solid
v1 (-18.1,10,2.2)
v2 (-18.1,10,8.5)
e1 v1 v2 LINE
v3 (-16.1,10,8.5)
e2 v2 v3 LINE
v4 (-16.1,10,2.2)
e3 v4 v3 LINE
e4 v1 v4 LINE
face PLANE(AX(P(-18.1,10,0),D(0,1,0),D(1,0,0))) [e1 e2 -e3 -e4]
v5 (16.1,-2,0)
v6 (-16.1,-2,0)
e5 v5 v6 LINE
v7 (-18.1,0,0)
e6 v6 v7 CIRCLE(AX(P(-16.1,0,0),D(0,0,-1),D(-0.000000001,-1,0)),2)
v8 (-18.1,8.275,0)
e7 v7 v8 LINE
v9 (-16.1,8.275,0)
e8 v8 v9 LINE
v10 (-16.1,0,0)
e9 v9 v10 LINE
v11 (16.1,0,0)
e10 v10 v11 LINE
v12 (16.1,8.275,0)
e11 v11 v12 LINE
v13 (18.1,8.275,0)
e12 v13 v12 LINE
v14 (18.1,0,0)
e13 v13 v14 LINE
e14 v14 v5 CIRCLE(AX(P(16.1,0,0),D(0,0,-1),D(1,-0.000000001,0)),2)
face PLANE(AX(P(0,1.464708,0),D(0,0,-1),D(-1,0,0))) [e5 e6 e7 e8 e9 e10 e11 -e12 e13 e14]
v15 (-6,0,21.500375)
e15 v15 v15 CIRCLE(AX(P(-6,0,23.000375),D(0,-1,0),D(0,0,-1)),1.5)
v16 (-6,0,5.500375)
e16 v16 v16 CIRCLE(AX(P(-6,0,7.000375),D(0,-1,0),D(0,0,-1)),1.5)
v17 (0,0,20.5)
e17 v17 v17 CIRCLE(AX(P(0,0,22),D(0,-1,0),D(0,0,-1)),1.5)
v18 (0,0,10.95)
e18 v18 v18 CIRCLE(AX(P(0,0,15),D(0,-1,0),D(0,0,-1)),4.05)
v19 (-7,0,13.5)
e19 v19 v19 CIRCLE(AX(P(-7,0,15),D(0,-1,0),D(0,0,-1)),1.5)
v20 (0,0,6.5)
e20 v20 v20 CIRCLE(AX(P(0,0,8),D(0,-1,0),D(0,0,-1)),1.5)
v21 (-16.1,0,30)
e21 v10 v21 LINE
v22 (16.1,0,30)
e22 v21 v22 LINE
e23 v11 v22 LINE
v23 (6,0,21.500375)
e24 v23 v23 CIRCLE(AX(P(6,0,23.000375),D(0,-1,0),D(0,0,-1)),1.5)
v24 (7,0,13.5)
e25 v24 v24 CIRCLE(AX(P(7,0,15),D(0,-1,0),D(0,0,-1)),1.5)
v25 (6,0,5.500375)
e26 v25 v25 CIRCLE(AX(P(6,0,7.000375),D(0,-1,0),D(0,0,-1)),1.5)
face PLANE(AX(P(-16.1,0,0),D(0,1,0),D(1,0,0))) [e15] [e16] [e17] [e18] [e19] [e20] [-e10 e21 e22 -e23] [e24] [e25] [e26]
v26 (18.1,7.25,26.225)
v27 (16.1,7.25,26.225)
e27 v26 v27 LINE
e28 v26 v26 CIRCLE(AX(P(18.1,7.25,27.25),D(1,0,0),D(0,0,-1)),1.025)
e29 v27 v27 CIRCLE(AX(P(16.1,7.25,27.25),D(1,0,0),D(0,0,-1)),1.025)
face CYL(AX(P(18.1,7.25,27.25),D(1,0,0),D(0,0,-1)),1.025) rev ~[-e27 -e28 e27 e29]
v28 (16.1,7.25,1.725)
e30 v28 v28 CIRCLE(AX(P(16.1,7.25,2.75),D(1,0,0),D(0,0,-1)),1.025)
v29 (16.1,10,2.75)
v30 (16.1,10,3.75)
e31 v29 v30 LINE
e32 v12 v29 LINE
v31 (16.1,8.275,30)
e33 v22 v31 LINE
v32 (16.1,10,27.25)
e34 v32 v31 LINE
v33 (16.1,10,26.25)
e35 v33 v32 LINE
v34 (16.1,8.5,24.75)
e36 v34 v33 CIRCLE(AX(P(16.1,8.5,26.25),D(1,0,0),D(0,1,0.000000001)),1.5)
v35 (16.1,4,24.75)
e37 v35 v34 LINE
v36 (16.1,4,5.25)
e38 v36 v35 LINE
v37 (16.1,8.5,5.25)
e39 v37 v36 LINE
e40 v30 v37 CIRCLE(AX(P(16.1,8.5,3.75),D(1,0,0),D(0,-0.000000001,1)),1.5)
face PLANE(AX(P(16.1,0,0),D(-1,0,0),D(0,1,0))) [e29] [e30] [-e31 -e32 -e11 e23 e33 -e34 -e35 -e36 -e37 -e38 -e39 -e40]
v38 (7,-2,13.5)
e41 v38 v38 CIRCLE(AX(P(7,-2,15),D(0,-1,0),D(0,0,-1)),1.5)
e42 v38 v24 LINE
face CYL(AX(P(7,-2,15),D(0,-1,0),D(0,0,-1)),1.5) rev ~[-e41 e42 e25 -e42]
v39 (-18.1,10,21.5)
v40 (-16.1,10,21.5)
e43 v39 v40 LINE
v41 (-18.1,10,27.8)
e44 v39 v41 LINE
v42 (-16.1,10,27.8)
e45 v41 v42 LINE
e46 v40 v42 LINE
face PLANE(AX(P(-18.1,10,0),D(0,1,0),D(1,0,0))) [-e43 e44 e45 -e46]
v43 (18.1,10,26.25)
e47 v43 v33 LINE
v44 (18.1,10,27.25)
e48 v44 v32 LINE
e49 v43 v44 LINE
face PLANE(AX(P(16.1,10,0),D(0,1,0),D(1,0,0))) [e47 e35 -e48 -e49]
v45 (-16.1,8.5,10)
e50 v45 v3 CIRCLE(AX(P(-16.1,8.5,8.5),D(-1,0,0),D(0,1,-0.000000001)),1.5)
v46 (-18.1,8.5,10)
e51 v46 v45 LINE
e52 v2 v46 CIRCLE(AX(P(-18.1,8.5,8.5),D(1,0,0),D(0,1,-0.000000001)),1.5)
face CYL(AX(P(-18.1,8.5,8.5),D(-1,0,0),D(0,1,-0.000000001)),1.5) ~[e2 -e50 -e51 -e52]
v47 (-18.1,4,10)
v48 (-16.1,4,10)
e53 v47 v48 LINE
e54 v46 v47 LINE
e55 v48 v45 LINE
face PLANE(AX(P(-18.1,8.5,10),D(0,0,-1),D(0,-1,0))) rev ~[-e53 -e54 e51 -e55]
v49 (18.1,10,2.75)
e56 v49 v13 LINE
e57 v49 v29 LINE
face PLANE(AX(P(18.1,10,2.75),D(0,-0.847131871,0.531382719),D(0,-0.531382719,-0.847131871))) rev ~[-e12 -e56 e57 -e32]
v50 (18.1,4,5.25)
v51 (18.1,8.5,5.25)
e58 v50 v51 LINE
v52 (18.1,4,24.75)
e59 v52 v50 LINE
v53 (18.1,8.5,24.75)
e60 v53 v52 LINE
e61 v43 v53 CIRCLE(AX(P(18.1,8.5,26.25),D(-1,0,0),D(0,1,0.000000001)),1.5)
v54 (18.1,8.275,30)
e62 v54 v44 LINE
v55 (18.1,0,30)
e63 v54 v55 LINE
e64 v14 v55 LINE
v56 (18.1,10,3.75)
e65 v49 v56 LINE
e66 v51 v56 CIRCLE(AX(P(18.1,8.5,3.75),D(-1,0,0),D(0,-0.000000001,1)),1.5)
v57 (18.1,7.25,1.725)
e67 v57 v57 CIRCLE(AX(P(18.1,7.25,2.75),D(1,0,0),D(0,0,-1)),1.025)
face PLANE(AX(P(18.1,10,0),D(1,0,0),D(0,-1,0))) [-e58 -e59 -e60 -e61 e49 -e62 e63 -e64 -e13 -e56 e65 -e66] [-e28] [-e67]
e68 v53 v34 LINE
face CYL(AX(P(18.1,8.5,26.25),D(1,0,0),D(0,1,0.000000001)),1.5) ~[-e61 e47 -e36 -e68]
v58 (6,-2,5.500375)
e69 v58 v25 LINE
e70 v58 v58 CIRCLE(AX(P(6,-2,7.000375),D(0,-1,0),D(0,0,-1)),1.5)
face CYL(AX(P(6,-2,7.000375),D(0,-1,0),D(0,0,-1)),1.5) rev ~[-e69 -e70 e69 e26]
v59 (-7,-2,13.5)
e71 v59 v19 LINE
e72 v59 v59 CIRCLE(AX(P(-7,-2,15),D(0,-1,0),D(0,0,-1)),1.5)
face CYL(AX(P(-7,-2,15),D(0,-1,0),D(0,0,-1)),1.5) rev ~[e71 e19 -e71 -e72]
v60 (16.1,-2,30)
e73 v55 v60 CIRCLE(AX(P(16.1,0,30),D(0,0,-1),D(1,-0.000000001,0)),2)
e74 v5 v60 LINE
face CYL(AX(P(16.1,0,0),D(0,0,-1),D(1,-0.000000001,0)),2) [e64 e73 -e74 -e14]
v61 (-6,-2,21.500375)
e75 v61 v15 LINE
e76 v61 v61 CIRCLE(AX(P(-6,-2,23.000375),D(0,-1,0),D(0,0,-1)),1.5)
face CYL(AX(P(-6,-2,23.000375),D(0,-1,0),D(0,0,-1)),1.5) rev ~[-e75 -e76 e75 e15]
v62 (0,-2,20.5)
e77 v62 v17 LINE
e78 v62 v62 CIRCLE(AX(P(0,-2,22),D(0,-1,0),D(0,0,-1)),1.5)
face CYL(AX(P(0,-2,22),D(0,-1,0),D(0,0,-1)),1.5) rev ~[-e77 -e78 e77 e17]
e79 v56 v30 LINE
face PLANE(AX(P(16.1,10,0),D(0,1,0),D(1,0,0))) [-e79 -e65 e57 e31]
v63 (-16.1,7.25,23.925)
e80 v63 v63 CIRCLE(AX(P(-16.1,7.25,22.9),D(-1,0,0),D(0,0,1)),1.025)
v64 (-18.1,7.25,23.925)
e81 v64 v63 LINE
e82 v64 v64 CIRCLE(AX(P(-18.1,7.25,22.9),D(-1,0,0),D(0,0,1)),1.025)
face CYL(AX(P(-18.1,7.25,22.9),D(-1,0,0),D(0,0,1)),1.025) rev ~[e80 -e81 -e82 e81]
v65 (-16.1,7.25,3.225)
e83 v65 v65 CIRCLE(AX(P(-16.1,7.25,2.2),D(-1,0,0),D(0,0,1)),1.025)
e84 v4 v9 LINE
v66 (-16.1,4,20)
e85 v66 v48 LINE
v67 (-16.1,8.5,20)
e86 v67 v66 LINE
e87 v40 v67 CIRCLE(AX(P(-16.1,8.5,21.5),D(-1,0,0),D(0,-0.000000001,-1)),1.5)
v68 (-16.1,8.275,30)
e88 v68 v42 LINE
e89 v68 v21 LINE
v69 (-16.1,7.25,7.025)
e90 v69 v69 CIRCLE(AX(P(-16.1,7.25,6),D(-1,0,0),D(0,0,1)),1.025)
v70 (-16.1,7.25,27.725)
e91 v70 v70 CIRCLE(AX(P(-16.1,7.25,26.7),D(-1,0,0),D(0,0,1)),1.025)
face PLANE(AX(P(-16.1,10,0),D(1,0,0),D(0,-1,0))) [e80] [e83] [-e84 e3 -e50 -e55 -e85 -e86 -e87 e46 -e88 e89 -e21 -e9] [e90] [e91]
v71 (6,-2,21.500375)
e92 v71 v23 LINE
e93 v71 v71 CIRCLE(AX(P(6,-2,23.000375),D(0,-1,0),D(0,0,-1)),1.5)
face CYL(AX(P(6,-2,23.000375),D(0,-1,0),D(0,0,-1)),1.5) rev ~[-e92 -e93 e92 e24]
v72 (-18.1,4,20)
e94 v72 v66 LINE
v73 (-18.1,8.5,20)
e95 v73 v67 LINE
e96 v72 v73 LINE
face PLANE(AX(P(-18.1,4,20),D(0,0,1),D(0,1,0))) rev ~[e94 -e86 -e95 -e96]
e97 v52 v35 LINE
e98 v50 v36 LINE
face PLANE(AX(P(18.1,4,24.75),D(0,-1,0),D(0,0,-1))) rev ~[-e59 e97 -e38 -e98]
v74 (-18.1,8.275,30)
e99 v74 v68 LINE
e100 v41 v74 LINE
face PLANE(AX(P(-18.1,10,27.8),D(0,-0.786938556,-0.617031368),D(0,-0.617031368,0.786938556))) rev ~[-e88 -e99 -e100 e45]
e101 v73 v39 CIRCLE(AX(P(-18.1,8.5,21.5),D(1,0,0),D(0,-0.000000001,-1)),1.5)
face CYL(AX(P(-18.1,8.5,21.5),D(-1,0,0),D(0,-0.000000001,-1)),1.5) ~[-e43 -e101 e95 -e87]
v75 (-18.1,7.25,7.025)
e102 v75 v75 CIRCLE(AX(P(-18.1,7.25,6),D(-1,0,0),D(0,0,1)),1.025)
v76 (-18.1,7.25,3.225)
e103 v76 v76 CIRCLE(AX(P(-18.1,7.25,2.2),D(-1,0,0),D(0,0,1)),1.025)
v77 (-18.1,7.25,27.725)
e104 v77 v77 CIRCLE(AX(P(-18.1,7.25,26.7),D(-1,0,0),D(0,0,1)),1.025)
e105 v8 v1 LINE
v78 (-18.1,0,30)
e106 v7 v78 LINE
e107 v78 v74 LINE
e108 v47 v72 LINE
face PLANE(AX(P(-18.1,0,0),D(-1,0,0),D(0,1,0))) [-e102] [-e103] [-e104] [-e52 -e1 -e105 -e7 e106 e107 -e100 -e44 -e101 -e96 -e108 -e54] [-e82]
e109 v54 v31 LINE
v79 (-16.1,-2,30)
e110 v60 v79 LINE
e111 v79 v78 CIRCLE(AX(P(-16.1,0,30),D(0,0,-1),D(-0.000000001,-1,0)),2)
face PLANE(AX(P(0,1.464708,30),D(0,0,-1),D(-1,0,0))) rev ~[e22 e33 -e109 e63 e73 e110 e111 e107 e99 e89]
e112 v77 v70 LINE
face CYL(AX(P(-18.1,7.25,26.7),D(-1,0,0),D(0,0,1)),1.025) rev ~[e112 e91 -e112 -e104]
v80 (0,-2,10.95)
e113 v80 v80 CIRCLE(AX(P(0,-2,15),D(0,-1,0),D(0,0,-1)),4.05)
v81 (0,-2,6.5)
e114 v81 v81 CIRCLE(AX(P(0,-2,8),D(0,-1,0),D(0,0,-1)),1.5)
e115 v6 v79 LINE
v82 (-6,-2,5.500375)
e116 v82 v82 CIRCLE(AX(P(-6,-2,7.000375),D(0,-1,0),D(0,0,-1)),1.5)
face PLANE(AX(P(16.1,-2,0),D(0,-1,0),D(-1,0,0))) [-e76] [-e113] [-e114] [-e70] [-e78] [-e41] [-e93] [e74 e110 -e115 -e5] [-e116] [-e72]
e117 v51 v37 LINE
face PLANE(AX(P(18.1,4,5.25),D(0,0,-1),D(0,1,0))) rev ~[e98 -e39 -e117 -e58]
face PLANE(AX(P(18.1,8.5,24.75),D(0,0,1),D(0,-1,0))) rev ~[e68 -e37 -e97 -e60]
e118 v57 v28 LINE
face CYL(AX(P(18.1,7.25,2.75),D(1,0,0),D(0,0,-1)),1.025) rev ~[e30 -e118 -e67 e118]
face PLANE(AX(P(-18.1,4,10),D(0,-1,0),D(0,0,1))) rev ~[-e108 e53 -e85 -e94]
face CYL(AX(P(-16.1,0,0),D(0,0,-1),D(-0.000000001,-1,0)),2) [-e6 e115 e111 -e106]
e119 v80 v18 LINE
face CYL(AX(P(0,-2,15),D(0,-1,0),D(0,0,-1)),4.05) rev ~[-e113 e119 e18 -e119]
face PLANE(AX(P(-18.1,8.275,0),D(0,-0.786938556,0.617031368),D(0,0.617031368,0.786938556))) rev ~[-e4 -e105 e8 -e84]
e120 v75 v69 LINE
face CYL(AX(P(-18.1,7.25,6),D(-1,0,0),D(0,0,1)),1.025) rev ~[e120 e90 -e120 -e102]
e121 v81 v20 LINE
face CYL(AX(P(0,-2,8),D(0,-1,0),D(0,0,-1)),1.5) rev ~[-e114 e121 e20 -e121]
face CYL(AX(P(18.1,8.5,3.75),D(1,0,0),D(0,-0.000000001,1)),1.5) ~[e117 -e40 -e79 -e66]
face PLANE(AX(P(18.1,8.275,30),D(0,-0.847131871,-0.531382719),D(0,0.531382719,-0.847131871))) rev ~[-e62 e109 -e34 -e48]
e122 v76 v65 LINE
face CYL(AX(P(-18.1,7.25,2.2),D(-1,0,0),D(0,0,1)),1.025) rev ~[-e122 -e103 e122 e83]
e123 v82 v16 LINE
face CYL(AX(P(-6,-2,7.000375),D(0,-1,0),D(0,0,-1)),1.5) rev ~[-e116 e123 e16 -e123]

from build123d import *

# Parameters (mm, degrees)
EXTRUDE_1_DEPTH     = 30
SKETCH_2_R          = 1.025
CUT_EXTRUDE_1_DEPTH = 4
SKETCH_3_R          = 1.025
CUT_EXTRUDE_2_DEPTH = 4
SKETCH_4_R          = 4.05
SKETCH_4_R_2        = 1.5
CUT_EXTRUDE_3_DEPTH = 10


with BuildPart() as part:
    # 草图1 → 凸台-拉伸1 (new body)
    with BuildSketch(Plane.XY):
        with BuildLine():
            Line((-16.1, 0), (16.1, 0))
            Line((16.1, 0), (16.1, 10))
            Line((16.1, 10), (18.1, 10))
            Line((18.1, 10), (18.1, 0))
            ThreePointArc((18.1, 0), (17.514213562, -1.414213562), (16.1, -2))
            Line((16.1, -2), (-16.1, -2))
            ThreePointArc((-16.1, -2), (-17.514213562, -1.414213562), (-18.1, 0))
            Line((-18.1, 0), (-18.1, 10))
            Line((-18.1, 10), (-16.1, 10))
            Line((-16.1, 10), (-16.1, 0))
        make_face()
    extrude(amount=EXTRUDE_1_DEPTH)

    # 草图2 → 切除-拉伸1 (cut)
    with BuildSketch(Plane(origin=(18.1, 0, 0), x_dir=(0, 0, -1), z_dir=(1, 0, 0))):
        Polygon((-30, 8.275), (-27.25, 10), (-30, 10), align=None)
        with BuildLine():
            ThreePointArc((-5.25, 8.5), (-4.810660172, 9.560660172), (-3.75, 10))
            Line((-3.75, 10), (-26.25, 10))
            ThreePointArc((-26.25, 10), (-25.189339828, 9.560660172), (-24.75, 8.5))
            Line((-24.75, 8.5), (-24.75, 4))
            Line((-24.75, 4), (-5.25, 4))
            Line((-5.25, 4), (-5.25, 8.5))
        make_face()
        with Locations((-27.25, 7.25)):
            Circle(SKETCH_2_R)
        with Locations((-2.75, 7.25)):
            Circle(SKETCH_2_R)
        Polygon((0, 10), (-2.75, 10), (0, 8.275), align=None)
    extrude(amount=-CUT_EXTRUDE_1_DEPTH, mode=Mode.SUBTRACT)

    # 草图3 → 切除-拉伸2 (cut)
    with BuildSketch(Plane.ZY.offset(18.1)):
        Polygon((0, 8.275), (2.2, 10), (0, 10), align=None)
        with Locations((2.2, 7.25)):
            Circle(SKETCH_3_R)
        with Locations((6, 7.25)):
            Circle(SKETCH_3_R)
        with BuildLine():
            Line((10, 8.5), (10, 4))
            Line((10, 4), (20, 4))
            Line((20, 4), (20, 8.5))
            ThreePointArc((20, 8.5), (20.439339828, 9.560660172), (21.5, 10))
            Line((21.5, 10), (8.5, 10))
            ThreePointArc((8.5, 10), (9.560660172, 9.560660172), (10, 8.5))
        make_face()
        with Locations((22.9, 7.25)):
            Circle(SKETCH_3_R)
        with Locations((26.7, 7.25)):
            Circle(SKETCH_3_R)
        Polygon((30, 10), (27.8, 10), (30, 8.275), align=None)
    extrude(amount=-CUT_EXTRUDE_2_DEPTH, mode=Mode.SUBTRACT)

    # 草图4 → 切除-拉伸3 (cut)
    with BuildSketch(Plane.XZ.offset(2)):
        with Locations(Location((0, 15, 0), (0, 0, 270))):
            Circle(SKETCH_4_R)
        with Locations(Location((7, 15, 0), (0, 0, 270))):
            Circle(SKETCH_4_R_2)
        with Locations(Location((0, 8, 0), (0, 0, 270))):
            Circle(SKETCH_4_R_2)
        with Locations(Location((-7, 15, 0), (0, 0, 270))):
            Circle(SKETCH_4_R_2)
        with Locations(Location((0, 22, 0), (0, 0, 270))):
            Circle(SKETCH_4_R_2)
        with Locations(Location((-6, 23.000374583, 0), (0, 0, 270))):
            Circle(SKETCH_4_R_2)
        with Locations(Location((6, 23.000374583, 0), (0, 0, 270))):
            Circle(SKETCH_4_R_2)
        with Locations(Location((-6, 7.000374583, 0), (0, 0, 270))):
            Circle(SKETCH_4_R_2)
        with Locations(Location((6, 7.000374583, 0), (0, 0, 270))):
            Circle(SKETCH_4_R_2)
    extrude(amount=-CUT_EXTRUDE_3_DEPTH, mode=Mode.SUBTRACT)


solid = part.part
